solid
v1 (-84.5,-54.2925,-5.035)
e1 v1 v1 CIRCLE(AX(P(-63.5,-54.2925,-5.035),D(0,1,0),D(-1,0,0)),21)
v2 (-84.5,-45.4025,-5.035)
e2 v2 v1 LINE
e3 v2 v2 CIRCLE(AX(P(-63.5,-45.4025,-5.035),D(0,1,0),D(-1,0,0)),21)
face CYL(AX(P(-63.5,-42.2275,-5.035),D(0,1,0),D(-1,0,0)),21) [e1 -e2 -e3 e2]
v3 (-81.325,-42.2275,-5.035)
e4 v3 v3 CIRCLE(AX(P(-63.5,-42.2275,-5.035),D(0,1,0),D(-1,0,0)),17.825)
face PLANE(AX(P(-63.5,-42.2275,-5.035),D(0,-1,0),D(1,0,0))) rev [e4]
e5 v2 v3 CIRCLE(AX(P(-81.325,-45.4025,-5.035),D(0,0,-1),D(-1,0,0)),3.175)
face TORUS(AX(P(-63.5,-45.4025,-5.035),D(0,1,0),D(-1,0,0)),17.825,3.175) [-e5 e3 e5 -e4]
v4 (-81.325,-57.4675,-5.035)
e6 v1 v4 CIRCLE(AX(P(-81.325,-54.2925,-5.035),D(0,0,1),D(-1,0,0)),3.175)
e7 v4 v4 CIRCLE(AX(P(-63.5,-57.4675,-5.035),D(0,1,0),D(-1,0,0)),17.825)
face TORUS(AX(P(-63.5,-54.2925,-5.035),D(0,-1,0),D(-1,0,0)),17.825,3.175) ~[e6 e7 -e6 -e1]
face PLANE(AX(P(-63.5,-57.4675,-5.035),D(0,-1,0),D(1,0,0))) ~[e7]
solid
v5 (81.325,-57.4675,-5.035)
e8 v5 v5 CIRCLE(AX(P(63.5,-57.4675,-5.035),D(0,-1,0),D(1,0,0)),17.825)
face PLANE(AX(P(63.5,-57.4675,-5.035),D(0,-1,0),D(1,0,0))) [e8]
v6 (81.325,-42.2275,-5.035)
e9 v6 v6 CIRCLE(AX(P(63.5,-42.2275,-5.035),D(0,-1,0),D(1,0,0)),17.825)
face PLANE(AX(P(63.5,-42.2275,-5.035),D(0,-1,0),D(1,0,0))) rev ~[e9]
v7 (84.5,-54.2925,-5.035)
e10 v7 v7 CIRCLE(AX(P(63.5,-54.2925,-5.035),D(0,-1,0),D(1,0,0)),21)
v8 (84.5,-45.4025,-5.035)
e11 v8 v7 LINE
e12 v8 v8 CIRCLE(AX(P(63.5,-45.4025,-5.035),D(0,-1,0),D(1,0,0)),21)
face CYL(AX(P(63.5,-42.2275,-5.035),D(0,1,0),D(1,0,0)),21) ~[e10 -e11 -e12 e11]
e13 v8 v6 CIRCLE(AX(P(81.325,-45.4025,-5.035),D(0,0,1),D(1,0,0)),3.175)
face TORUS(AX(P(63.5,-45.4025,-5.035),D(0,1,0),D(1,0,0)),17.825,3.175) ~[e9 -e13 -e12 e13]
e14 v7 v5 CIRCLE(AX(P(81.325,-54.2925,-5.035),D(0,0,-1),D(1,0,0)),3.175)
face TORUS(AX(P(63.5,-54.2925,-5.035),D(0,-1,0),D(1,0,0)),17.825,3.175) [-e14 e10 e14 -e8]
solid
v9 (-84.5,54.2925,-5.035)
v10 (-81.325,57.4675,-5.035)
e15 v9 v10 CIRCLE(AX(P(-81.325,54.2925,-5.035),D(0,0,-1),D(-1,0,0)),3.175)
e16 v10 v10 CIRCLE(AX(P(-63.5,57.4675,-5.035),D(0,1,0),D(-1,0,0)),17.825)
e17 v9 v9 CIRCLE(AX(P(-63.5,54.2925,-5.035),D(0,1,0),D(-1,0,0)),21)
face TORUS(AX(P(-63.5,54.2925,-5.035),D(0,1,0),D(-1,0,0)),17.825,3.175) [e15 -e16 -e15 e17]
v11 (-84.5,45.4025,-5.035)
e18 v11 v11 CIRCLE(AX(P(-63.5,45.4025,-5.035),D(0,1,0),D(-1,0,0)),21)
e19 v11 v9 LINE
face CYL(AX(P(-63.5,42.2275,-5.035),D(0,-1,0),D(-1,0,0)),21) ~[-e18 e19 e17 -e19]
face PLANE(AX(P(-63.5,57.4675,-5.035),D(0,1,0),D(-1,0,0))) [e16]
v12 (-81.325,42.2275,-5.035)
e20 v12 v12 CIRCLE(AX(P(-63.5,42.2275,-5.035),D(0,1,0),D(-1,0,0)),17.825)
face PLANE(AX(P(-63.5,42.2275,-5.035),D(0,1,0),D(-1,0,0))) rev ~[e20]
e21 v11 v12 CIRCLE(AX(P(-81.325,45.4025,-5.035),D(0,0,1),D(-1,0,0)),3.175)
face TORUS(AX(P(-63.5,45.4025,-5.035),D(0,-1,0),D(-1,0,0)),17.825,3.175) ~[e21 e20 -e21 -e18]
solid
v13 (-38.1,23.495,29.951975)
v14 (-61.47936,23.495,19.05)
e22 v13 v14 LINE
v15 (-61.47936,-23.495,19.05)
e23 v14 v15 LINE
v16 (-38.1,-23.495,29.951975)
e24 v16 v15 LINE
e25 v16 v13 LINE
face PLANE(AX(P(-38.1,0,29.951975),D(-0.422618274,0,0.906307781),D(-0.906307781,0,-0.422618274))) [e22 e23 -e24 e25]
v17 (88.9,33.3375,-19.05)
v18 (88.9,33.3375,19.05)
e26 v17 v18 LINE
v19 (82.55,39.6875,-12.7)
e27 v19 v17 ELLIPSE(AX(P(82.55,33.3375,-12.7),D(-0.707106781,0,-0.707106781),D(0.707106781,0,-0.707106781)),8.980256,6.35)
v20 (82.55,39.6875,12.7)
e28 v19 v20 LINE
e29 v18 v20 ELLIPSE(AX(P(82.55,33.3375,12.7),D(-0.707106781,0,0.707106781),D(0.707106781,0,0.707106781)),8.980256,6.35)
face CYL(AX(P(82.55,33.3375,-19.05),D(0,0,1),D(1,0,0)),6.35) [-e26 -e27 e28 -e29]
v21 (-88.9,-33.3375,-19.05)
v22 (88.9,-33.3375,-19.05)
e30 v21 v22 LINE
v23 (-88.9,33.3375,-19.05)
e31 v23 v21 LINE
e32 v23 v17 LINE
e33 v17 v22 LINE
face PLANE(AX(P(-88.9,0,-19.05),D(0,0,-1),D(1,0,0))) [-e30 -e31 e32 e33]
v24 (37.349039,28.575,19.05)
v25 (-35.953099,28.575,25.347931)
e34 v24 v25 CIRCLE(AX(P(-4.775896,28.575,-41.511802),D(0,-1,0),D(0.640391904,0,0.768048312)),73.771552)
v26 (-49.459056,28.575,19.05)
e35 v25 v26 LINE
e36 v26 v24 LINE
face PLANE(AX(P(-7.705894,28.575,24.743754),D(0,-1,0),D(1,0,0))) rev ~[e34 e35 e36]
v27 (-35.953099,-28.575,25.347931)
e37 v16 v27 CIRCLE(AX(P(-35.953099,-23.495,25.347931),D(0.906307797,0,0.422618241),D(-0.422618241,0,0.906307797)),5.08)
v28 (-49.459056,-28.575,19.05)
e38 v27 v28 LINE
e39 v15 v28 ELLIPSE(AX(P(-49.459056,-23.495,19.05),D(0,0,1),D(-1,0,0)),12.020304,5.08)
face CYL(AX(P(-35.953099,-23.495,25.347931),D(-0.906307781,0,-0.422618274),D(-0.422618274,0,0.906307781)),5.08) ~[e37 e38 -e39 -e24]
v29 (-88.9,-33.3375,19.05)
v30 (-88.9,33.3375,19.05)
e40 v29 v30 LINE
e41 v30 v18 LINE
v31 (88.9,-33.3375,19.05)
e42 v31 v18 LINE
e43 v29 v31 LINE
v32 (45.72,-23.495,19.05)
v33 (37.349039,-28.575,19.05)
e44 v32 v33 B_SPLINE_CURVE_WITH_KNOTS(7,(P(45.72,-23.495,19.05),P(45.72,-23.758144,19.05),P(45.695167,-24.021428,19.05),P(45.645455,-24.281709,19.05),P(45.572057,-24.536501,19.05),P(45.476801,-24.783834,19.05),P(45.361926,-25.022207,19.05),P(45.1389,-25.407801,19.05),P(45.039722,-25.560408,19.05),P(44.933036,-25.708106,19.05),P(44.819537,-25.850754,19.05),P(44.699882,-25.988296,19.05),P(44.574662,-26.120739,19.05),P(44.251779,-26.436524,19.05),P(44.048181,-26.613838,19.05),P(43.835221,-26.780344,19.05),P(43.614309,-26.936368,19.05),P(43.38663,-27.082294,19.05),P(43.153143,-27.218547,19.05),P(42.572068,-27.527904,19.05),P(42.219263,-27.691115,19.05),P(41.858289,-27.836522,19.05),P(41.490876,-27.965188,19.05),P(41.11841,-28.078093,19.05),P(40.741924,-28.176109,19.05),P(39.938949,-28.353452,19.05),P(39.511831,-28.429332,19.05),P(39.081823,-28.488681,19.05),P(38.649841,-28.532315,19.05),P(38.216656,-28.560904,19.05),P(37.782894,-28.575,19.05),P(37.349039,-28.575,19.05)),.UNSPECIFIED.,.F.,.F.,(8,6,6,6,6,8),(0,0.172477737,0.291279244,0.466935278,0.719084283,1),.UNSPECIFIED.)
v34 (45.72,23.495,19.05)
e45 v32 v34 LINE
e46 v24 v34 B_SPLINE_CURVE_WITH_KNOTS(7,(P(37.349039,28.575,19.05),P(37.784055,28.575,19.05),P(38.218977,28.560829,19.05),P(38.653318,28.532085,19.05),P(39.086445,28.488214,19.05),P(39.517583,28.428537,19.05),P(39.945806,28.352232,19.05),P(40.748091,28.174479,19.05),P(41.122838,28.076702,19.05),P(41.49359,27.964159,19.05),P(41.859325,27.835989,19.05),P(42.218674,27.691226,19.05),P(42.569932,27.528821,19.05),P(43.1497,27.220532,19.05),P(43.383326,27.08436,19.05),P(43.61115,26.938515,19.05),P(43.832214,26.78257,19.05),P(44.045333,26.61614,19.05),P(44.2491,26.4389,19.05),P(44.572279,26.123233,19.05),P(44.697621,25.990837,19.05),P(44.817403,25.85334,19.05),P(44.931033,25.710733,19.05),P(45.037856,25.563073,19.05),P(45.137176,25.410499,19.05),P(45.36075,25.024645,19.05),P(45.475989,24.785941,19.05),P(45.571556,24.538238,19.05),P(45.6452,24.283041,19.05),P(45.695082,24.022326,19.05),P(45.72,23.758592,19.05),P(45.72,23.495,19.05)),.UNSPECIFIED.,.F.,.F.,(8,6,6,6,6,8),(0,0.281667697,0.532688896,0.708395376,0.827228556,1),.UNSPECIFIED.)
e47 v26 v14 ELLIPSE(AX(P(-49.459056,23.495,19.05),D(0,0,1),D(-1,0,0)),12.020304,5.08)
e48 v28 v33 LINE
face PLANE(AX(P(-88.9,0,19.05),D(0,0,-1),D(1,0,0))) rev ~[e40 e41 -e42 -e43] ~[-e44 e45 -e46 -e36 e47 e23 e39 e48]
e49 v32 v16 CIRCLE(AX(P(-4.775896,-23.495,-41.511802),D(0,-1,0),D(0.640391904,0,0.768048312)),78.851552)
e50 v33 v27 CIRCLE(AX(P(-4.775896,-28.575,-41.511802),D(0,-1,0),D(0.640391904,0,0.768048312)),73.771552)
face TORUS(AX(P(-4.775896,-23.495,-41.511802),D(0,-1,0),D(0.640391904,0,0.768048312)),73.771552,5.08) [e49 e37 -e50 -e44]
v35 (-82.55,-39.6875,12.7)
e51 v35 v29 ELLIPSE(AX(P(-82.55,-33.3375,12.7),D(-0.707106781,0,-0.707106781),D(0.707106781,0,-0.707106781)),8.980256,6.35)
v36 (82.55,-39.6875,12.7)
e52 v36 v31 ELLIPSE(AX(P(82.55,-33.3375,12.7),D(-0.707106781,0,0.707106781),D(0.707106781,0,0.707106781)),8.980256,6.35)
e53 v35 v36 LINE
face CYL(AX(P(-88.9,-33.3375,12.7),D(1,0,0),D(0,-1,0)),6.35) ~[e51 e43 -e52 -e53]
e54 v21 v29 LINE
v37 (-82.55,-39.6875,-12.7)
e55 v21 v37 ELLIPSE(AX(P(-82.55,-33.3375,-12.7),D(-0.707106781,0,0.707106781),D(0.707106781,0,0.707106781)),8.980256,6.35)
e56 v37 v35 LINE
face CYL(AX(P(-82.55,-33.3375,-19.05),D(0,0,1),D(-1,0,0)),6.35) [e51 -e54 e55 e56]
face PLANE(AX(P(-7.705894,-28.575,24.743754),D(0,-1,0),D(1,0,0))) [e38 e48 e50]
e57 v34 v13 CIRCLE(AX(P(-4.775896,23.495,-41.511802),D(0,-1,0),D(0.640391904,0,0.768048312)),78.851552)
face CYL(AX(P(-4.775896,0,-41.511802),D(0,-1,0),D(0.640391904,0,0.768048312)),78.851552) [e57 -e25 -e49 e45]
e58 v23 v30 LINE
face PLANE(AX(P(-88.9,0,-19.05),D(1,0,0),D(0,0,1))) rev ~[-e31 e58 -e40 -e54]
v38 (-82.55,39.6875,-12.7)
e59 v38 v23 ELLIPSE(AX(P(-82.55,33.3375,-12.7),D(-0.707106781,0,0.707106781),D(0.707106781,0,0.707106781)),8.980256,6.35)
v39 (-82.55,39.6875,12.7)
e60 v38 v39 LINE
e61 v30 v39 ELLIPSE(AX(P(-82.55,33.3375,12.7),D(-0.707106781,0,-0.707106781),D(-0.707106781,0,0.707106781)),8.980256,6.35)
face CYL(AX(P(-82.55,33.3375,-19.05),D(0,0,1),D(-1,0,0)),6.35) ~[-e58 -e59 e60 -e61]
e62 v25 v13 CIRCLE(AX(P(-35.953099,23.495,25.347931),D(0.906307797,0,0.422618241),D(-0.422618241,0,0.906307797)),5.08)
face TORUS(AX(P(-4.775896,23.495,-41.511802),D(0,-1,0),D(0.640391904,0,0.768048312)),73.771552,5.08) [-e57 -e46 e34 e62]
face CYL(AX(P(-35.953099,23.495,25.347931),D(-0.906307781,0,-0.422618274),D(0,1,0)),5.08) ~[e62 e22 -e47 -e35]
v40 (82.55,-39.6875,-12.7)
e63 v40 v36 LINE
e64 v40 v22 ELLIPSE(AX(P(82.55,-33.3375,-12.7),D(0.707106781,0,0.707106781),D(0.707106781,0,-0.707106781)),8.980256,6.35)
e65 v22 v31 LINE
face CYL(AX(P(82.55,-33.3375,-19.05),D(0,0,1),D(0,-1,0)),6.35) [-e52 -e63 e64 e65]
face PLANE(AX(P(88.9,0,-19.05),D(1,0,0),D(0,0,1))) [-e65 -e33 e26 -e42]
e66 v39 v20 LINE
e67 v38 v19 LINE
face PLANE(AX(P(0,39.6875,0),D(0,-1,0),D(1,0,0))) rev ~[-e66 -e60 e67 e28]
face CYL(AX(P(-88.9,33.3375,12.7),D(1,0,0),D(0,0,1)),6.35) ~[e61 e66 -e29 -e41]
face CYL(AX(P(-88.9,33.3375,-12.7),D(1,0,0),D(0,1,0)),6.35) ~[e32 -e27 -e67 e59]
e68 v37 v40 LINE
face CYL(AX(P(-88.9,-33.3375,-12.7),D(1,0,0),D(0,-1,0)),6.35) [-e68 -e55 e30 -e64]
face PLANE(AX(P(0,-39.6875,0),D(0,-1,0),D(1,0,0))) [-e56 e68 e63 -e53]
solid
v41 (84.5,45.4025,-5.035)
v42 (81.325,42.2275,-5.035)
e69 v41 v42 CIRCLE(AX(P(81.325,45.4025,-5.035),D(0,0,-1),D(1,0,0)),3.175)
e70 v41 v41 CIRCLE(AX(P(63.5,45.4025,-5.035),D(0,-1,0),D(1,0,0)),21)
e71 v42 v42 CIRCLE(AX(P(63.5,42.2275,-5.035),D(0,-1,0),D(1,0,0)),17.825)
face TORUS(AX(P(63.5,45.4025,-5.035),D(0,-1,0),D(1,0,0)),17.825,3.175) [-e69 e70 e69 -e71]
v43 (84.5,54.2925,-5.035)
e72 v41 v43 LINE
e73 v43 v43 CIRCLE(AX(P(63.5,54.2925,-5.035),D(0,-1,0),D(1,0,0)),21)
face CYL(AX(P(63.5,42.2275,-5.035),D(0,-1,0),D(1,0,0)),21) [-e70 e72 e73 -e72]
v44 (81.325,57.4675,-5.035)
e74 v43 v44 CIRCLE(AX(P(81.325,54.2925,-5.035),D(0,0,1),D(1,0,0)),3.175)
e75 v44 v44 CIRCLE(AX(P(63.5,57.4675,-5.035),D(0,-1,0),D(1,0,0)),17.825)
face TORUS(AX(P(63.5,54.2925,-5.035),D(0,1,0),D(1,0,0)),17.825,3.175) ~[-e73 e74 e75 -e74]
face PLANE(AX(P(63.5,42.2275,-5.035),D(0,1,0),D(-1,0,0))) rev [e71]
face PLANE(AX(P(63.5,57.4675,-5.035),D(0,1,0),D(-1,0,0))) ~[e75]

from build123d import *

# Parameters (mm, degrees)
F1_W      = 177.8
F1_H      = 38.1
F2_DEPTH  = 39.6875
F4_R      = 21
F5_DEPTH  = 15.24
F6_R      = 6.35
F7_R      = 3.175
F11_DEPTH = 28.575
F12_R     = 5.08


with BuildPart() as f2:
    # F1 (on Front) → F2 (new body, symmetric)
    with BuildSketch(Plane.XZ):
        Rectangle(F1_W, F1_H)
    extrude(amount=F2_DEPTH, both=True)

    # F6
    f6_edges = [f2.edges().sort_by_distance(p)[0] for p in [
        (0, -39.6875, 19.05),
        (-88.9, -39.6875, 0),
        (0, -39.6875, -19.05),
        (88.9, -39.6875, 0),
        (0, 39.6875, -19.05),
        (88.9, 39.6875, 0),
        (-88.9, 39.6875, 0),
        (0, 39.6875, 19.05),
    ]]
    fillet(f6_edges, radius=F6_R)

    # F10 (on Front) → F11 (join, symmetric)
    with BuildSketch(Plane.XZ):
        with BuildLine():
            Line((-38.1, 29.951975), (-61.47936, 19.05))
            Line((-61.47936, 19.05), (45.72, 19.05))
            ThreePointArc((45.72, 19.05), (5.394201, 36.681142), (-38.1, 29.951975))
        make_face()
    extrude(amount=F11_DEPTH, both=True)

    # F12
    f12_edges = [f2.edges().sort_by_distance(p)[0] for p in [
        (5.394201, -28.575, 36.681142),
        (5.394201, 28.575, 36.681142),
    ]]
    fillet(f12_edges, radius=F12_R)


with BuildPart() as f5:
    # F4 (on offset) → F5 (new body)
    with BuildSketch(Plane.XZ.offset(42.2275)):
        with Locations((63.5, -5.035)):
            Circle(F4_R)
    extrude(amount=F5_DEPTH)

    # F7
    f7_edges = [f5.edges().sort_by_distance(p)[0] for p in [
        (42.5, -57.4675, -5.035),
        (42.5, -42.2275, -5.035),
    ]]
    fillet(f7_edges, radius=F7_R)


with BuildPart() as f8_1:
    # F8: instance of F5
    add(f5.part.mirror(Plane.XZ))


with BuildPart() as f9_1:
    # F9: instance of F5
    add(f5.part.mirror(Plane.YZ))


with BuildPart() as f9_2:
    # F9: instance of F8_1
    add(f8_1.part.mirror(Plane.YZ))


solid = Compound([f2.part, f5.part, f8_1.part, f9_1.part, f9_2.part])
